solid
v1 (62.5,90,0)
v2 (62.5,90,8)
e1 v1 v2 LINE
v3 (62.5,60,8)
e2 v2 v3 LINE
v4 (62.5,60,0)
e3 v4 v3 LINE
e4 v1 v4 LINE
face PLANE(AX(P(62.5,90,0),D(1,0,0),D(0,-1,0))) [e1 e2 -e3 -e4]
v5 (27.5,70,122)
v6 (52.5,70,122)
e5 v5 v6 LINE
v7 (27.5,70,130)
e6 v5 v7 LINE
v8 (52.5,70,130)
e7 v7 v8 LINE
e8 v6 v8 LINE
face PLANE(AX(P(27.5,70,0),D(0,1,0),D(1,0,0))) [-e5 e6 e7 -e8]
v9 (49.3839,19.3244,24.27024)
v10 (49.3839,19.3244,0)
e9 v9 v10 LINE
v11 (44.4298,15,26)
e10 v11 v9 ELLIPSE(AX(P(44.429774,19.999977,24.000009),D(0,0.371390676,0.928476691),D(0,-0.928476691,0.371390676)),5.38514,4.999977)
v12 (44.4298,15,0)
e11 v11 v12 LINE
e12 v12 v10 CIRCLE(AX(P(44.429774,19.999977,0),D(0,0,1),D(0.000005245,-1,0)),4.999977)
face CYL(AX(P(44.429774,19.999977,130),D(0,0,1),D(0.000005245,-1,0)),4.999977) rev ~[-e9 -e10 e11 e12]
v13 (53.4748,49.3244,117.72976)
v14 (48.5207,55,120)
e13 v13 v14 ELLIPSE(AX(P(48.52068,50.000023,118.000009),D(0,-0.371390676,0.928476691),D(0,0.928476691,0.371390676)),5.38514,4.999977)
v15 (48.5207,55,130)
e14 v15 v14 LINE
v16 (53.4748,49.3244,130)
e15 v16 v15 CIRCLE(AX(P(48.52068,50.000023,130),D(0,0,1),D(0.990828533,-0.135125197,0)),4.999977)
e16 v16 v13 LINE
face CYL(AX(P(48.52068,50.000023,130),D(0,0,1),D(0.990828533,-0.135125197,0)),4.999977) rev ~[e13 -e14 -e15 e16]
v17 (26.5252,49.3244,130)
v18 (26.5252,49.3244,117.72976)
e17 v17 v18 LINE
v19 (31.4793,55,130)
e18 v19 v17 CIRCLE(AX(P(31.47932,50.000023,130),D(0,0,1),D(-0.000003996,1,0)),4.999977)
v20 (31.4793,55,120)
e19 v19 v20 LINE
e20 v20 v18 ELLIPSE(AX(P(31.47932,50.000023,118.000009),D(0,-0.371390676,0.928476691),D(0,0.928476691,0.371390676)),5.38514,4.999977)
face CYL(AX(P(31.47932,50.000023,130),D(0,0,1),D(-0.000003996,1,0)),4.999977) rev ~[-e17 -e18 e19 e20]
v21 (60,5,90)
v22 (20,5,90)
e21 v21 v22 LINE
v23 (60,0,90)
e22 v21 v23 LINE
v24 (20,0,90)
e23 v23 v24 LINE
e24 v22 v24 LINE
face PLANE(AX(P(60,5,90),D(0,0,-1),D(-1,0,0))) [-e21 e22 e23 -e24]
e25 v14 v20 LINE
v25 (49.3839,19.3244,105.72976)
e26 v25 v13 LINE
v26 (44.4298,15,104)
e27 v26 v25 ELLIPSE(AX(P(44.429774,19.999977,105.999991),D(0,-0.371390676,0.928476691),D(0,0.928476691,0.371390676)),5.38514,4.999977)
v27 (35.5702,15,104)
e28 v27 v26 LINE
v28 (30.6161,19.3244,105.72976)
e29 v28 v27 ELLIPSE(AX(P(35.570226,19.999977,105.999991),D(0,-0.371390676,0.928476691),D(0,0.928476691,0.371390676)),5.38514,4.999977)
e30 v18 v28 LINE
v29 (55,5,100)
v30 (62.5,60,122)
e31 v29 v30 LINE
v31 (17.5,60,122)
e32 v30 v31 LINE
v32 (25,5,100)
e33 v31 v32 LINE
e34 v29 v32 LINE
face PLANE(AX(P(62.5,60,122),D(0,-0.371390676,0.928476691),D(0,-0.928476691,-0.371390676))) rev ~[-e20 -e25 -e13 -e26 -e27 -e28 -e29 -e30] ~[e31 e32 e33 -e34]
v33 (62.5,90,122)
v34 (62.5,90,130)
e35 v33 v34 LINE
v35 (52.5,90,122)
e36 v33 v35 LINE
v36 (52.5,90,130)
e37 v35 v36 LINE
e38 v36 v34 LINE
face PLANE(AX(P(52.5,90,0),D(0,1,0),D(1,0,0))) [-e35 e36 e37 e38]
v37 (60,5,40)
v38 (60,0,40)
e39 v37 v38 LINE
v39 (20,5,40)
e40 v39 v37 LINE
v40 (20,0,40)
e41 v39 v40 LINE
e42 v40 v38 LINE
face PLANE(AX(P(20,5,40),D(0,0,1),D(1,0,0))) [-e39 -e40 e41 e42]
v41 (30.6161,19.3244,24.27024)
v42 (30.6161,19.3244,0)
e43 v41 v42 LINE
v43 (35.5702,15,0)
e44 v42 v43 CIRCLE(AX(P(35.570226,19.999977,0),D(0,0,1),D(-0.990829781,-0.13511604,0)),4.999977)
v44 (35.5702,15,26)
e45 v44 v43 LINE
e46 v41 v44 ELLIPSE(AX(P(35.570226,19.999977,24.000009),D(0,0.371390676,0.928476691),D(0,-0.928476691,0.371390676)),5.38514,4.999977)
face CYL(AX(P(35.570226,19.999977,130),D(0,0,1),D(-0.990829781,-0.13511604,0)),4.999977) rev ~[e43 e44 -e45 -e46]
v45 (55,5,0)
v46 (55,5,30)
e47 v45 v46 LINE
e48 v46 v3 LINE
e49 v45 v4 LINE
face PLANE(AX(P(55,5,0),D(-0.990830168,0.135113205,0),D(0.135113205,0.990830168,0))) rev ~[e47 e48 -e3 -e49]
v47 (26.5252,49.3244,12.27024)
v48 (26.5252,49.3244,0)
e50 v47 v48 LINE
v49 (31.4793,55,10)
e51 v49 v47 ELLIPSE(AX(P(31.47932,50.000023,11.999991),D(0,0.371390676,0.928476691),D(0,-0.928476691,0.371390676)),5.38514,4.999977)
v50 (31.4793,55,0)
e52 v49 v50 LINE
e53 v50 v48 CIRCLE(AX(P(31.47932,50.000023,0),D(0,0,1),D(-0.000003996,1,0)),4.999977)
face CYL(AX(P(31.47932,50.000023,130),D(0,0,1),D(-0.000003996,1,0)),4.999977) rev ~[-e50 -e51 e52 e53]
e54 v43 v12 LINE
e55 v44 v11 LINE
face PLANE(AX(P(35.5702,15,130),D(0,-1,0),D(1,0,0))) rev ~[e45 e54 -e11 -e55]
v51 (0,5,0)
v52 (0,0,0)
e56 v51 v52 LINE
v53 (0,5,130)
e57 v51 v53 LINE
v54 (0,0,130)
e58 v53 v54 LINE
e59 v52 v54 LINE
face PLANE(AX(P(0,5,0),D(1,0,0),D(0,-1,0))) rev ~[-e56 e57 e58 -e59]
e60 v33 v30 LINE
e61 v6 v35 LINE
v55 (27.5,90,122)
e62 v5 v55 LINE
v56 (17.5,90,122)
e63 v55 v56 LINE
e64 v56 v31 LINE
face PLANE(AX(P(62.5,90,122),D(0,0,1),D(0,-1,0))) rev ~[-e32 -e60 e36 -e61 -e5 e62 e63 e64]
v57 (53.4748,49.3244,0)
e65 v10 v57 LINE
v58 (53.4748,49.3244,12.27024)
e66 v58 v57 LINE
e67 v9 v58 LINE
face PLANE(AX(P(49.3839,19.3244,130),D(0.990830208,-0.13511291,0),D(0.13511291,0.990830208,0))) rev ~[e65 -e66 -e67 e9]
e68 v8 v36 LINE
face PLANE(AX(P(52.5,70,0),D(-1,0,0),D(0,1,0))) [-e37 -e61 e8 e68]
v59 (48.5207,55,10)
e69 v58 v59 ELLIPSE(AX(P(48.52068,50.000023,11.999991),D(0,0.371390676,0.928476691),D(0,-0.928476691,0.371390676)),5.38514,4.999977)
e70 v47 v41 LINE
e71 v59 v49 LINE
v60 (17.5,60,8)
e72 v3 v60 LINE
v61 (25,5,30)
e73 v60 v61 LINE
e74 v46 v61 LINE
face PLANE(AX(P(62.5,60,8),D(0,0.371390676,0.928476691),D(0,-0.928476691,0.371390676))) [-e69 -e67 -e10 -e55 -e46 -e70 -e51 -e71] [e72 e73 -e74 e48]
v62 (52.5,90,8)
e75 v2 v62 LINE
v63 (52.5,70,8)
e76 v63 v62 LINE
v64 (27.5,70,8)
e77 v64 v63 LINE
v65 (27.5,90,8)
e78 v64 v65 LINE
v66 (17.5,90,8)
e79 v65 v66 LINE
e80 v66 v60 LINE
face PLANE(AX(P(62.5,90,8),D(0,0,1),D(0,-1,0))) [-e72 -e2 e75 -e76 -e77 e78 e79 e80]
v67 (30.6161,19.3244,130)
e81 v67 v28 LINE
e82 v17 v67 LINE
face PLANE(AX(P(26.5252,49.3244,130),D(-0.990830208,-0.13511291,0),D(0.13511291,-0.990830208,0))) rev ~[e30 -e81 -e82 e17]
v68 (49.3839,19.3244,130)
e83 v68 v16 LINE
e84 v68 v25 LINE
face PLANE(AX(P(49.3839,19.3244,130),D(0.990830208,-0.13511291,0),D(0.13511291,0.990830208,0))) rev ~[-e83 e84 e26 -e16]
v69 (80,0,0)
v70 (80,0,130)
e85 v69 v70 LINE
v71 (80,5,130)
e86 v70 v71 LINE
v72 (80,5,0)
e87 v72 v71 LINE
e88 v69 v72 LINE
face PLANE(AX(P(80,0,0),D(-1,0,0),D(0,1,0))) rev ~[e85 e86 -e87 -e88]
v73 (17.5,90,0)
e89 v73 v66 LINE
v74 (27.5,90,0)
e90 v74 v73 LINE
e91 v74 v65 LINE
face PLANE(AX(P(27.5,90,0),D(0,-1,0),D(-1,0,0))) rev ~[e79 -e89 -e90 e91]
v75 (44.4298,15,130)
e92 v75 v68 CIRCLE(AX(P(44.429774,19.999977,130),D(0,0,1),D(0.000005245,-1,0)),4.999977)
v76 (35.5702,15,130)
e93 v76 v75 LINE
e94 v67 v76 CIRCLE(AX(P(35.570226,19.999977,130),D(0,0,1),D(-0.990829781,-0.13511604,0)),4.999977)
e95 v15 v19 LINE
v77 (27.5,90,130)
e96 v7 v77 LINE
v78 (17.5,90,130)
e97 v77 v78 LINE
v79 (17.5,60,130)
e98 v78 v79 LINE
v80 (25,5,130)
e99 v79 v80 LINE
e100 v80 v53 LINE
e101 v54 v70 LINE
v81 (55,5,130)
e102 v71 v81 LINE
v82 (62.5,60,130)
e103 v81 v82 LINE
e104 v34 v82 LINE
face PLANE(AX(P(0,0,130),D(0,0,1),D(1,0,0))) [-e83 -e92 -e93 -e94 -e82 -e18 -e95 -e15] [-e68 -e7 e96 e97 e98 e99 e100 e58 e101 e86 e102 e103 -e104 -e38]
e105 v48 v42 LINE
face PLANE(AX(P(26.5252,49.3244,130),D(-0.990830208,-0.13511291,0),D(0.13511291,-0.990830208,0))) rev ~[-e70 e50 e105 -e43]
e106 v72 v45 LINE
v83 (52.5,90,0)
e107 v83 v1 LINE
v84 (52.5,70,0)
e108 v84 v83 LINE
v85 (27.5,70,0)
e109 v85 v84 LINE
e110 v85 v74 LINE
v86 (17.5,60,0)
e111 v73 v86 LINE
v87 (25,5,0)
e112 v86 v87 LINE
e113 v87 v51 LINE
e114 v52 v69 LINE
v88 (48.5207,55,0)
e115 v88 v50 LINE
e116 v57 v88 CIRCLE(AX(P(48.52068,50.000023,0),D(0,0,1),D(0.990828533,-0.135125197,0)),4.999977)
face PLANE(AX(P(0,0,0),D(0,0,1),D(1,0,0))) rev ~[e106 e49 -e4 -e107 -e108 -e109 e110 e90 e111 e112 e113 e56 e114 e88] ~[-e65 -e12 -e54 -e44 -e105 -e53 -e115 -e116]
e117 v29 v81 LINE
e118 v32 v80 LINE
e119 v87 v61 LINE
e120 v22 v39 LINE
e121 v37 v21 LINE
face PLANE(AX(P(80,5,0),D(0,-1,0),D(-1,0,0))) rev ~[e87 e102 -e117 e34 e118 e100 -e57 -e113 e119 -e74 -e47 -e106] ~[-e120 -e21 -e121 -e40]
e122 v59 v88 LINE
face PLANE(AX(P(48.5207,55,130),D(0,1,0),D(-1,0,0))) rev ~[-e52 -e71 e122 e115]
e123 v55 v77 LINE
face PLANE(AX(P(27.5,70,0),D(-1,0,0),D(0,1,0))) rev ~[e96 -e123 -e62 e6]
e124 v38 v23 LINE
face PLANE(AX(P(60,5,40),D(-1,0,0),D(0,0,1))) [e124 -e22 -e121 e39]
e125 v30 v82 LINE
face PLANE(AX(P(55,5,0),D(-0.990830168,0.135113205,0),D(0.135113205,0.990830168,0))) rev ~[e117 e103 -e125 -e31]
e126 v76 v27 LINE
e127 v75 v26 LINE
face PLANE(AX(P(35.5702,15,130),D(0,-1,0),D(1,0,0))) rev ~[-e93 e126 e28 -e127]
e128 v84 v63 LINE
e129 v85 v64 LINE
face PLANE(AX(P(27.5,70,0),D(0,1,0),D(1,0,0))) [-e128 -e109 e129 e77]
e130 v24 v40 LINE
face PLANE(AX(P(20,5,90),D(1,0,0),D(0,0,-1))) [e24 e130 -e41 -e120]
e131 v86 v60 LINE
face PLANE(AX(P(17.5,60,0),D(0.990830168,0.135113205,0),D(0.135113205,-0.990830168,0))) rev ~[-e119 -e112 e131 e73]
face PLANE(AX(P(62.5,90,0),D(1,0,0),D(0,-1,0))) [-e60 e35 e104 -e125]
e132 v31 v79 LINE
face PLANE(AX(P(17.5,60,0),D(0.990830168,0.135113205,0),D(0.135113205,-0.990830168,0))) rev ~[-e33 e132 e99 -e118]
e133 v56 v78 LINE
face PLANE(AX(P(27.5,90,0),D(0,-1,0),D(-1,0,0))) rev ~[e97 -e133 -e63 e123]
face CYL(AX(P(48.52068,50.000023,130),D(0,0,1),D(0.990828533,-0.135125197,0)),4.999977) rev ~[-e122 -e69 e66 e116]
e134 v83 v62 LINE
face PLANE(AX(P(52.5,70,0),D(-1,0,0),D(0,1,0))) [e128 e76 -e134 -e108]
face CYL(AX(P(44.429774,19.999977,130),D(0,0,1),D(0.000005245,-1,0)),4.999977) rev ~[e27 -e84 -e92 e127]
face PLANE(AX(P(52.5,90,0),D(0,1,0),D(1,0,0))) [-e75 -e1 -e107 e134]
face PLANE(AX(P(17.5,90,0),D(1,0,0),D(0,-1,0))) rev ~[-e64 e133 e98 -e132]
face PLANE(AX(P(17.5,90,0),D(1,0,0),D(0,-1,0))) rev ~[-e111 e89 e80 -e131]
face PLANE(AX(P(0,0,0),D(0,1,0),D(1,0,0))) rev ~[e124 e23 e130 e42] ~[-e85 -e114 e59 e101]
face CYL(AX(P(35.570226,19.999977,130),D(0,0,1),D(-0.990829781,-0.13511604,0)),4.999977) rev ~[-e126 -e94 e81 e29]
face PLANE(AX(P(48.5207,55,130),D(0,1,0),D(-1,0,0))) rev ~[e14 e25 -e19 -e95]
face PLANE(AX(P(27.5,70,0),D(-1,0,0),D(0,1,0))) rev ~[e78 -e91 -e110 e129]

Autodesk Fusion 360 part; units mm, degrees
sketch "Esquisse1" plane through (0, 0, 0) normal (0, 0, 1) x (1, 0, 0)
  line L0 (27.5, 70) -> (52.5, 70)
  line L1 (52.5, 70) -> (52.5, 90)
  line L2 (27.5, 70) -> (27.5, 90)
  line L3 (27.5, 90) -> (17.5, 90)
  line L4 (52.5, 90) -> (62.5, 90)
  line L5 (62.5, 90) -> (62.5, 60)
  line L6 (17.5, 90) -> (17.5, 60)
  line L7 (17.5, 60) -> (25, 5)
  line L8 (25, 5) -> (0, 5)
  line L9 (0, 5) -> (0, 0)
  line L10 (0, 0) -> (80, 0)
  line L11 (80, 0) -> (80, 5)
  line L12 (80, 5) -> (55, 5)
  line L13 (55, 5) -> (62.5, 60)
  dimension "d1" = 70
  dimension "d2" = 25
  dimension "d3" = 20
  dimension "d4" = 10
  dimension "d5" = 30
  dimension "d8" = 5
  dimension "d10" = 10
  dimension "d27" = 80
  dimension "d28" = 45
  dimension "d29" = 17.5
  dimension "d30" = 30
extrude "Extrusion1" add sketch "Esquisse1" along normal blind 130
sketch "Esquisse2" plane through (62.5, 0, 0) normal (1, 0, 0) x (0, 0, -1)
  line L0 (0, 60) -> (0, 90)
  line L1 (0, 90) -> (-130, 90)
  line L2 (-130, 90) -> (-130, 60)
  line L3 (-130, 60) -> (0, 60)
  line L4 (-65, 90) -> (-65, -26) construction
  line L5 (-122, 90) -> (-122, 60)
  line L6 (-122, 60) -> (-100, 5)
  line L7 (-8, 90) -> (-8, 60)
  line L8 (-8, 60) -> (-30, 5)
  line L9 (-100, 5) -> (-30, 5)
  point P0 (-130, 5)
  point P1 (0, 5)
  dimension "d13" = 8
  dimension "d14" = 30
  dimension "d15" = 30
  dimension "d16" = 8
extrude "Extrusion2" cut sketch "Esquisse2" against normal blind 60 contours L3 L6 L8 L9 | L1 L3 L5 L7
sketch "Esquisse3" plane through (0, 0, 130) normal (0, 0, 1) x (1, 0, 0)
  line L0 (27.5, 70) -> (27.5, 90)
  line L1 (27.5, 90) -> (17.5, 90)
  line L2 (17.5, 90) -> (17.5, 60)
  line L3 (17.5, 60) -> (25, 5)
  line L4 (25, 5) -> (0, 5)
  line L5 (0, 5) -> (0, 0)
  line L6 (0, 0) -> (80, 0)
  line L7 (80, 0) -> (80, 5)
  line L8 (80, 5) -> (55, 5)
  line L9 (55, 5) -> (62.5, 60)
  line L10 (62.5, 60) -> (62.5, 90)
  line L11 (62.5, 90) -> (52.5, 90)
  line L12 (52.5, 90) -> (52.5, 70)
  line L13 (52.5, 70) -> (27.5, 70)
  line L14 (26.5252, 49.3244) -> (30.6161, 19.3244)
  line L15 (35.5702, 15) -> (44.4298, 15)
  line L16 (49.3839, 19.3244) -> (53.4748, 49.3244)
  line L17 (48.5207, 55) -> (31.4793, 55)
  arc A0 (31.4793, 55) -> (26.5252, 49.3244) centre (31.4793, 50) ccw
  arc A1 (53.4748, 49.3244) -> (48.5207, 55) centre (48.5207, 50) ccw
  arc A2 (30.6161, 19.3244) -> (35.5702, 15) centre (35.5702, 20) ccw
  arc A3 (44.4298, 15) -> (49.3839, 19.3244) centre (44.4298, 20) ccw
  dimension "d19" = 15
  dimension "d20" = 15
  dimension "d21" = 7.5
  dimension "d22" = 7.5
  dimension "d25" = 5
extrude "Extrusion3" cut sketch "Esquisse3" against normal blind 150 contours L14 L15 L16 L17 A0 A1 A2 A3
sketch "Esquisse4" plane through (0, 5, 0) normal (0, 1, 0) x (-1, 0, 0)
  line L0 (-55, 100) -> (-55, 130)
  line L1 (-55, 130) -> (-80, 130)
  line L2 (-80, 130) -> (-80, 0)
  line L3 (-80, 0) -> (-55, 0)
  line L4 (-55, 0) -> (-55, 30)
  line L5 (-55, 30) -> (-25, 30)
  line L6 (-25, 30) -> (-25, 0)
  line L7 (-25, 0) -> (0, 0)
  line L8 (0, 0) -> (0, 130)
  line L9 (0, 130) -> (-25, 130)
  line L10 (-25, 130) -> (-25, 100)
  line L11 (-25, 100) -> (-55, 100)
  line L12 (-60, 90) -> (-20, 90)
  line L13 (-20, 90) -> (-20, 40)
  line L14 (-20, 40) -> (-60, 40)
  line L15 (-60, 40) -> (-60, 90)
extrude "Extrusion4" cut sketch "Esquisse4" against normal blind 20 contours L12 L13 L14 L15
equation "d15 = d14"
equation "d16 = d13"
equation "d29 = ( d27 - d28 ) / 2"
